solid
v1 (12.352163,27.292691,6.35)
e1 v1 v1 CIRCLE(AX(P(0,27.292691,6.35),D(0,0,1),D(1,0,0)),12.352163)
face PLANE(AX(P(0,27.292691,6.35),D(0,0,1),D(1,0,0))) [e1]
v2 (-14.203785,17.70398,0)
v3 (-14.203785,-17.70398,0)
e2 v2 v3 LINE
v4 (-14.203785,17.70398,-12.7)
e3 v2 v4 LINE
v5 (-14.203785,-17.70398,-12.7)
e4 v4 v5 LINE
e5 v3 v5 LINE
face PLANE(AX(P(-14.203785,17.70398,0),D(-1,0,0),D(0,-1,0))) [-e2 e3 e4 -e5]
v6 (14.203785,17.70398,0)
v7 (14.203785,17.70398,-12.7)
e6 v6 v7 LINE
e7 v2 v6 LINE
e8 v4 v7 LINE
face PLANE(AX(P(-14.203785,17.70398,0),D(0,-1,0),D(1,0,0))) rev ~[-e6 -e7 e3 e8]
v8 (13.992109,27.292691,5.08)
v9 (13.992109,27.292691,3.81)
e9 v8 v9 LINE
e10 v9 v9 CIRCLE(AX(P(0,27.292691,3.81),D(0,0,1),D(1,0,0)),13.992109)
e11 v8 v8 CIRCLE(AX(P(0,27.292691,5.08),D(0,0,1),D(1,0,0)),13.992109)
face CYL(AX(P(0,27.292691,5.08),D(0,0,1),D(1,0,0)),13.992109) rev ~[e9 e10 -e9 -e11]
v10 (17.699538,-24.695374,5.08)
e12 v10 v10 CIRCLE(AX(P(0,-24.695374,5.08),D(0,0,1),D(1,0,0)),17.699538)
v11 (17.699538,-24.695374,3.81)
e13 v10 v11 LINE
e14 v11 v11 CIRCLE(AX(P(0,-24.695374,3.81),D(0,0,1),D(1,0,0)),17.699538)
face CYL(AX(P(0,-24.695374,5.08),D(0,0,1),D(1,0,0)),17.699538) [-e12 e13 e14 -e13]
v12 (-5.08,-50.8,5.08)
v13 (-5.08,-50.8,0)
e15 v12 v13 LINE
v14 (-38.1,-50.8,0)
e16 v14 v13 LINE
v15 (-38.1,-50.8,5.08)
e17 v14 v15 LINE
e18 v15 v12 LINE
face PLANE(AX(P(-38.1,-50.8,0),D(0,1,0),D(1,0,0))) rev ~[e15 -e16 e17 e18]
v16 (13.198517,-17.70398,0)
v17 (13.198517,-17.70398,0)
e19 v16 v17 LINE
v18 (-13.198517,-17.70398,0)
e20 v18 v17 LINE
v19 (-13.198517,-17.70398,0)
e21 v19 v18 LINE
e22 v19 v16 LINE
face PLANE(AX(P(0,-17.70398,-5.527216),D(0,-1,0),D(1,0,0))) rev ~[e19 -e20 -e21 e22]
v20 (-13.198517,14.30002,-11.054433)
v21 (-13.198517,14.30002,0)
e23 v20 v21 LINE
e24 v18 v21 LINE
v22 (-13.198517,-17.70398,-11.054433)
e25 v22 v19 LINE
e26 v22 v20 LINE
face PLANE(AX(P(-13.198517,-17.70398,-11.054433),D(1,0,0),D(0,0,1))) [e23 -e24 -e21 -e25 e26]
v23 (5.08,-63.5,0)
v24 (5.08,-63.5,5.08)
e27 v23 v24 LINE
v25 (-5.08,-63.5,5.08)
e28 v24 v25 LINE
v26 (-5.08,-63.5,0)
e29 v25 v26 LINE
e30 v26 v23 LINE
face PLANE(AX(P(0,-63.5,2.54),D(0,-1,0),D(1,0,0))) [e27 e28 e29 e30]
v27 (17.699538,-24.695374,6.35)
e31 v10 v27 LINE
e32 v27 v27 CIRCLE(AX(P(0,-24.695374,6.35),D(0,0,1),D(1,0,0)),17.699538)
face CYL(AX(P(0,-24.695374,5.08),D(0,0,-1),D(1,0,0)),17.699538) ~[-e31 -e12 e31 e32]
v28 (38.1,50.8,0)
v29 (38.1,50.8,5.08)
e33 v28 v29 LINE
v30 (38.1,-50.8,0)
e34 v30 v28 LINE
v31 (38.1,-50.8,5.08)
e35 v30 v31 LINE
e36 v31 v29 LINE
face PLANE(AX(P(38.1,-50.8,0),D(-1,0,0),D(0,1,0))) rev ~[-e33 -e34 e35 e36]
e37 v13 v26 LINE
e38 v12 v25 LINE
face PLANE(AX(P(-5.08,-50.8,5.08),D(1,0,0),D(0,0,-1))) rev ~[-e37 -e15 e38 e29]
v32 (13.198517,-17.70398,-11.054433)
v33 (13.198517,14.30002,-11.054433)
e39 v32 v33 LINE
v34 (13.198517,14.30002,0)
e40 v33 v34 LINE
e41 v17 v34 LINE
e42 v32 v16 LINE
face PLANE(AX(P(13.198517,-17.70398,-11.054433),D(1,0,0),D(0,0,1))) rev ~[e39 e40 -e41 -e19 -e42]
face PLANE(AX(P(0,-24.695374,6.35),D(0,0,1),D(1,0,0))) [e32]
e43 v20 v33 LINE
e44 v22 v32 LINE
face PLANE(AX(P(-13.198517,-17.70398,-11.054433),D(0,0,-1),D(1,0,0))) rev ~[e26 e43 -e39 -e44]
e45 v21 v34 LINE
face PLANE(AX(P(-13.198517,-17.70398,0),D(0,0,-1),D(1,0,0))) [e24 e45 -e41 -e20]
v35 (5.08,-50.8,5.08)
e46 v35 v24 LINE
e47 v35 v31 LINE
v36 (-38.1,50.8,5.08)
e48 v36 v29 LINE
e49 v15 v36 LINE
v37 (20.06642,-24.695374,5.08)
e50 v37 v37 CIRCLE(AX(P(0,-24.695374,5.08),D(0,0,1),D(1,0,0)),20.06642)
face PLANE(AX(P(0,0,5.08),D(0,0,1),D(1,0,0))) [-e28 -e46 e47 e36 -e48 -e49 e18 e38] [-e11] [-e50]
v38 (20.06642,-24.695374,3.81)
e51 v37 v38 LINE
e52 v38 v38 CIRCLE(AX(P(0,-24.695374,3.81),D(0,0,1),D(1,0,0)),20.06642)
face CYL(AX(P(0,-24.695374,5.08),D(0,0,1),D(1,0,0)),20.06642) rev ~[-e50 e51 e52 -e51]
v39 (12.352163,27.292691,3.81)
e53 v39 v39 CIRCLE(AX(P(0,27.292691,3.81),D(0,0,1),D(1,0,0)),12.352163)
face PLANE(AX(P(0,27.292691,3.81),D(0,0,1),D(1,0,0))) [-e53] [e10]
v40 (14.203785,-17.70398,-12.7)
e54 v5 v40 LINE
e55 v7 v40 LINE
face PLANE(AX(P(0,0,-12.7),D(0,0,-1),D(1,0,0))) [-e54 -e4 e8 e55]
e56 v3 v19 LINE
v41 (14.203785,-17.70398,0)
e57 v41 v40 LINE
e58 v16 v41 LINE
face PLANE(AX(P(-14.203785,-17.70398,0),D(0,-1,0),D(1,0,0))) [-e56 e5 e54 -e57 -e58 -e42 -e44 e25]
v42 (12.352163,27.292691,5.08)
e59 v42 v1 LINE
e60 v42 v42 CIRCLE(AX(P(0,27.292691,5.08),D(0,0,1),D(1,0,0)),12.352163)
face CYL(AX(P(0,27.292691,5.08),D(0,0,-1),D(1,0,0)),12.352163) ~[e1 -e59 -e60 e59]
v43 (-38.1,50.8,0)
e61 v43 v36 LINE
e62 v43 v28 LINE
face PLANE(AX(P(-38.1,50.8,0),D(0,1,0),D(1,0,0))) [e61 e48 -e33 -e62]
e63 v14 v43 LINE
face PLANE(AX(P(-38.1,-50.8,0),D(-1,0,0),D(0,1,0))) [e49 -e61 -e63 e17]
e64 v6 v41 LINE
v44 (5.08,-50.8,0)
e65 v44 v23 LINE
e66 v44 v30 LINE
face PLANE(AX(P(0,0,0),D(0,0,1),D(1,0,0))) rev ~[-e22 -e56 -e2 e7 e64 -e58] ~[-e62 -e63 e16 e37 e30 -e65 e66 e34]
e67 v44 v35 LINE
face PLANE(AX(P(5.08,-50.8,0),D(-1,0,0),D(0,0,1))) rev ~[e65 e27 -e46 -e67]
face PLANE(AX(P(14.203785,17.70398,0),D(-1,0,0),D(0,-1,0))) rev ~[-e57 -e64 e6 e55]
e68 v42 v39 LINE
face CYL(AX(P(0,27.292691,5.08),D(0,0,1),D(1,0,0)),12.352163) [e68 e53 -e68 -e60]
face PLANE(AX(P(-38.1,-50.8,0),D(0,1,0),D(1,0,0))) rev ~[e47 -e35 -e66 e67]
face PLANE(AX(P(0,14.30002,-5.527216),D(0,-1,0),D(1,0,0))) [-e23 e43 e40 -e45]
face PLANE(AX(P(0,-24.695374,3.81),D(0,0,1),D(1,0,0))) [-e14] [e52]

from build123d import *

# Parameters (mm, degrees)
F0_W      = 76.2
F0_H      = 101.6
F1_DEPTH  = 5.08
F3_DEPTH  = 12.7
F5_W      = 28.40757
F5_H      = 35.40796
F6_DEPTH  = 12.7
F7_W      = 26.397034
F7_H      = 11.054433
F8_DEPTH  = 32.004
F9_R      = 13.992109
F9_R_2    = 12.352163
F11_DEPTH = 1.27
F10_R     = 12.352163
F12_DEPTH = 1.27
F9_R_3    = 20.06642
F9_R_4    = 17.699538
F13_DEPTH = 1.27
F14_DEPTH = 1.27


with BuildPart() as f1:
    # F0 (on Top) → F1 (new body)
    with BuildSketch(Plane.XY):
        Rectangle(F0_W, F0_H)
    extrude(amount=F1_DEPTH)

    # F2 (on face) → F3 (join)
    with BuildSketch(Plane.XZ.offset(50.8)):
        Polygon((-5.08, 0), (0, 0), (5.08, 0), (5.08, 5.08), (-5.08, 5.08), align=None)
    extrude(amount=F3_DEPTH)

    # F5 (on face) → F6 (join)
    with BuildSketch(Plane(origin=(0, 0, 0), x_dir=(1, 0, 0), z_dir=(0, 0, -1))):
        Rectangle(F5_W, F5_H)
    extrude(amount=F6_DEPTH)

    # F7 (on face) → F8 (cut)
    with BuildSketch(Plane.XZ.offset(17.70398)):
        with Locations((0, -5.527216)):
            Rectangle(F7_W, F7_H)
    extrude(amount=-F8_DEPTH, mode=Mode.SUBTRACT)

    # F9 (on face) → F11 (cut)
    with BuildSketch(Plane.XY.offset(5.08)):
        with Locations((0, 27.292691)):
            Circle(F9_R)
        with Locations((0, 27.292691)):
            Circle(F9_R_2, mode=Mode.SUBTRACT)
    extrude(amount=-F11_DEPTH, mode=Mode.SUBTRACT)

    # F10 (on face) → F12 (join)
    with BuildSketch(Plane.XY.offset(5.08)):
        with Locations((0, 27.292691)):
            Circle(F10_R)
    extrude(amount=F12_DEPTH)

    # F9 (on face) → F13 (cut)
    with BuildSketch(Plane.XY.offset(5.08)):
        with Locations((0, -24.695374)):
            Circle(F9_R_3)
        with Locations((0, -24.695374)):
            Circle(F9_R_4, mode=Mode.SUBTRACT)
    extrude(amount=-F13_DEPTH, mode=Mode.SUBTRACT)

    # F9 (on face) → F14 (join)
    with BuildSketch(Plane.XY.offset(5.08)):
        with Locations((0, -24.695374)):
            Circle(F9_R_4)
    extrude(amount=F14_DEPTH)


solid = f1.part
